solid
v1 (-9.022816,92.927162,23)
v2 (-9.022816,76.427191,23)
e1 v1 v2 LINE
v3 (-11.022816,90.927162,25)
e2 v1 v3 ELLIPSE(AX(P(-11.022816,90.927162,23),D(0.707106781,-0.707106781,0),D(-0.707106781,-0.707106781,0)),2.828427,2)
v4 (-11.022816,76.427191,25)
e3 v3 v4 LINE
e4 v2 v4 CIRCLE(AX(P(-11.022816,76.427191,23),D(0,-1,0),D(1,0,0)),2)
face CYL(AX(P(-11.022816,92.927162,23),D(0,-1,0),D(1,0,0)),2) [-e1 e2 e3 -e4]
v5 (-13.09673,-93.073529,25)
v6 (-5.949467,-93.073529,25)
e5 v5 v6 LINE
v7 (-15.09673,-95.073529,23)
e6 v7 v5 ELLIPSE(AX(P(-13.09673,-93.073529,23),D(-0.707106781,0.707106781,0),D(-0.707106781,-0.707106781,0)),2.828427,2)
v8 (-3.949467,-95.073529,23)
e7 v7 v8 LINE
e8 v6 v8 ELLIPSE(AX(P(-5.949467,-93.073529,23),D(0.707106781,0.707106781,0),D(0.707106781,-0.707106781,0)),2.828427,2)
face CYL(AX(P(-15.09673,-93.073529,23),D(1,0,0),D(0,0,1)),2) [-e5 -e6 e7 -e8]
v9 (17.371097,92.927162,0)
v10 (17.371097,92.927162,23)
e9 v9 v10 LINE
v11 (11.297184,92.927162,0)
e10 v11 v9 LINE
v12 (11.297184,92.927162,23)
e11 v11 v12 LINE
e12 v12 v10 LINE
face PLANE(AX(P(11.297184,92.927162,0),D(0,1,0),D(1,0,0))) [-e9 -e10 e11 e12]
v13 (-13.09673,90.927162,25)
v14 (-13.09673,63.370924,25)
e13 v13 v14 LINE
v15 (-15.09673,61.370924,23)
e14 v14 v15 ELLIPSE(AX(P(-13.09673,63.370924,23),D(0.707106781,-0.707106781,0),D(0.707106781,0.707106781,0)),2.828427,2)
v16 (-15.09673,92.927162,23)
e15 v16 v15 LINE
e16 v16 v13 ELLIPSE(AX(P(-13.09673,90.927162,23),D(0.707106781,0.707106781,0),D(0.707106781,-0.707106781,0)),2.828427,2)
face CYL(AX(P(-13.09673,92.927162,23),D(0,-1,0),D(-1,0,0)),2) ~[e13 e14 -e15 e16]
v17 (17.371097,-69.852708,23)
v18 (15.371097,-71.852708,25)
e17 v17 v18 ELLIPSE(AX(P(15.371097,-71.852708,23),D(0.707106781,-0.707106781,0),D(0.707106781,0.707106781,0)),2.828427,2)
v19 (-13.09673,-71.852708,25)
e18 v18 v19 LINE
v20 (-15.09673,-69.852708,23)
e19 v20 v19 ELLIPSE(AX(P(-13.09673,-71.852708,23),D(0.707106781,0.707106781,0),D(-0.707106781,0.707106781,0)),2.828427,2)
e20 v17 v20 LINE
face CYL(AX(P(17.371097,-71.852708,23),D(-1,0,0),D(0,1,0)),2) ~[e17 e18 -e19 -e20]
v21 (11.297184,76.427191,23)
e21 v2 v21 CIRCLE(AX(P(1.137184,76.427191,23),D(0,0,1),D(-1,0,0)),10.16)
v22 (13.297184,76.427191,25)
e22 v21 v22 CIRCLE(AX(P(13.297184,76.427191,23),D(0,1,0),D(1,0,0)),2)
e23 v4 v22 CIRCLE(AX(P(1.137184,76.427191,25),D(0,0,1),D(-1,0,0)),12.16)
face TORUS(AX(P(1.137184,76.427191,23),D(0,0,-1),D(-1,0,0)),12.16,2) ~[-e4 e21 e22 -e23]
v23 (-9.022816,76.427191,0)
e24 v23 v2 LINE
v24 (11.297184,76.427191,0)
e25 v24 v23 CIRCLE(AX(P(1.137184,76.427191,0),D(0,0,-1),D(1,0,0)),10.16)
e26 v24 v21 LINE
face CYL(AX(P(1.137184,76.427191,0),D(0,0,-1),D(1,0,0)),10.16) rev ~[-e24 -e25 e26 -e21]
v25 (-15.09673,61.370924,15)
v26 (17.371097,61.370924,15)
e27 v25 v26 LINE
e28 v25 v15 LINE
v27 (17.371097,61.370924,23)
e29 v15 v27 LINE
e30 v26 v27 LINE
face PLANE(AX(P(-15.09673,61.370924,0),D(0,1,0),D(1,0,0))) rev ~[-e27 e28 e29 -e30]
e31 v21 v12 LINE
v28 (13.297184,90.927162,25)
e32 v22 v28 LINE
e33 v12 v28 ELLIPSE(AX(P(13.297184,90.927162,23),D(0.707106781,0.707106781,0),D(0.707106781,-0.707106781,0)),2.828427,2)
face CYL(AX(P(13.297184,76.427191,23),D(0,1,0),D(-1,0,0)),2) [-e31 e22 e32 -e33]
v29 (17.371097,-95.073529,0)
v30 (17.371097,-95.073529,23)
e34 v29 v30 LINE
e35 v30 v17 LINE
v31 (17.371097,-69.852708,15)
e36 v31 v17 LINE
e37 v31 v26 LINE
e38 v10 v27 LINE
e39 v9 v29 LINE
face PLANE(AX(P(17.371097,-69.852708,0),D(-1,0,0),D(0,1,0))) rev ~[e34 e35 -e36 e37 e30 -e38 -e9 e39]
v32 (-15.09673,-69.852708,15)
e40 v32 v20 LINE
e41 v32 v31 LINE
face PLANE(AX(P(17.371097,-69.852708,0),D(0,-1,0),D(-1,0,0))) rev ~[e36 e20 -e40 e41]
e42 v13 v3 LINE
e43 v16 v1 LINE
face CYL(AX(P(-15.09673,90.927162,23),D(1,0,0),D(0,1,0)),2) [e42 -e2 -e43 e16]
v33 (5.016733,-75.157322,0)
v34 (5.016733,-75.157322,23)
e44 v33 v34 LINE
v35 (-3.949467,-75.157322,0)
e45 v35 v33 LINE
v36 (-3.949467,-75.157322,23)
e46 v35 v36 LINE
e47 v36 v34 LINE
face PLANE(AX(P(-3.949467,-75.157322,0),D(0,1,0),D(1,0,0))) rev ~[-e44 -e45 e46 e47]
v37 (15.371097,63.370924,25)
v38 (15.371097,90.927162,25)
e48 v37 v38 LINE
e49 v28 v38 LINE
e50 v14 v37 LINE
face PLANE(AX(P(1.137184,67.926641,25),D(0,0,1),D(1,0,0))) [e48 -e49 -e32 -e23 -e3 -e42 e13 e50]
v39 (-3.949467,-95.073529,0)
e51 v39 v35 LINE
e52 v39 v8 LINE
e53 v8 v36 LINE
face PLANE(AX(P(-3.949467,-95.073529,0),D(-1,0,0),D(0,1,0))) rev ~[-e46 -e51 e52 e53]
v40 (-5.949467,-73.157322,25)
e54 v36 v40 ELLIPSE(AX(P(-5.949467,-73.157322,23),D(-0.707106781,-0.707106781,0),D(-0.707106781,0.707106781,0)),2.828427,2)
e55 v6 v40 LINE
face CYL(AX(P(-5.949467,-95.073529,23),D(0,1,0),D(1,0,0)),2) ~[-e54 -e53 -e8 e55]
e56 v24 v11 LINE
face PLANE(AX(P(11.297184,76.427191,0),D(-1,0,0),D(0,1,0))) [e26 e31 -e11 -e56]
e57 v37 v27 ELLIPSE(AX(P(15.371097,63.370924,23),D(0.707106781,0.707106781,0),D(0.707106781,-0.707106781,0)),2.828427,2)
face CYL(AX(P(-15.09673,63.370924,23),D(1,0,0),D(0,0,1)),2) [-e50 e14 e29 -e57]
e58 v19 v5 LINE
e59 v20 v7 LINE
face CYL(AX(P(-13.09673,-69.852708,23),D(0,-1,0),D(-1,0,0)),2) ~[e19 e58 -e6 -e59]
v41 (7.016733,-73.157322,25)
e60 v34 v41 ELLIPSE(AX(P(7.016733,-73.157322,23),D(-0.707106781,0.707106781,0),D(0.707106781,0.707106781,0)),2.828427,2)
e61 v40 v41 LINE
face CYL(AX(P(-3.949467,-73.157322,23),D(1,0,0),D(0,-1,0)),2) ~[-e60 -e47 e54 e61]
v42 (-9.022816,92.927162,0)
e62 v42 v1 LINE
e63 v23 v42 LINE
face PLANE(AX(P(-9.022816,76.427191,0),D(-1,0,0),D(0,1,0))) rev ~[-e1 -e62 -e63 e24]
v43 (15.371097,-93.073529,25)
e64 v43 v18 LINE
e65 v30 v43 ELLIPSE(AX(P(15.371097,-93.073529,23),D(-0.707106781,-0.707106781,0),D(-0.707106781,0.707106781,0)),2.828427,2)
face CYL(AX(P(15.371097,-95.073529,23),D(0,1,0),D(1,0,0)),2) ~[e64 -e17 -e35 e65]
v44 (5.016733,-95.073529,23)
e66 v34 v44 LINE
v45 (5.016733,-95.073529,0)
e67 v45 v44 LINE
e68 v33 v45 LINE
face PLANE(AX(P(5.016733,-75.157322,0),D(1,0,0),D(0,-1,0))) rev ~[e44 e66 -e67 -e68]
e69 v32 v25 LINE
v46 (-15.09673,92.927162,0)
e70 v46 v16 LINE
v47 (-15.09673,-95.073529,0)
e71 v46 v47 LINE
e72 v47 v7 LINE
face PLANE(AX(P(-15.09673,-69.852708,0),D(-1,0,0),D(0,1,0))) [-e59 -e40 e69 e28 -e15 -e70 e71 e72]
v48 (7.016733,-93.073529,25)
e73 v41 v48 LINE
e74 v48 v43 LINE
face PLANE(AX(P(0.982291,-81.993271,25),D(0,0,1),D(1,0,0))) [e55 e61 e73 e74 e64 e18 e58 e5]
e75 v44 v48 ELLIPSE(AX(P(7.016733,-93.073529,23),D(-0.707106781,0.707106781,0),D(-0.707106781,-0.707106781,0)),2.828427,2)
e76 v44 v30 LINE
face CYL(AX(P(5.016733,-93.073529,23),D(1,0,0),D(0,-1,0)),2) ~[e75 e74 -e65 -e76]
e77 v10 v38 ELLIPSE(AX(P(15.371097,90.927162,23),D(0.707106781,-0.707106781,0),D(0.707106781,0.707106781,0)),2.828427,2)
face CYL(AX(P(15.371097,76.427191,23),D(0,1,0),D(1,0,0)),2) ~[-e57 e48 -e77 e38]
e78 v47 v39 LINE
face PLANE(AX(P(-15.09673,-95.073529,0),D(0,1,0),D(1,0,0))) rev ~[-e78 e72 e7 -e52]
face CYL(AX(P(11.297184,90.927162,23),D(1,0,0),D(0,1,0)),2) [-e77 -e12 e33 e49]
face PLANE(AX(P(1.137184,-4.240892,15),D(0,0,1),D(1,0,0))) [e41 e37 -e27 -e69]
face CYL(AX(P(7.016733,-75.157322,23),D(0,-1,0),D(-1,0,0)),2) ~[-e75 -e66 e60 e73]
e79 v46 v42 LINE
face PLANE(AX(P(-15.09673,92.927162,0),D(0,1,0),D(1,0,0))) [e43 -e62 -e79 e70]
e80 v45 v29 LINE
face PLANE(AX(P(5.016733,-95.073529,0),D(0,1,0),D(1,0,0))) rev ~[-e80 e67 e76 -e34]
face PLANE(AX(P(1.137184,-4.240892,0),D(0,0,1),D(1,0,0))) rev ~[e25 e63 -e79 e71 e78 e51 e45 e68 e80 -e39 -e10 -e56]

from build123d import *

# Parameters (mm, degrees)
F1_DEPTH = 25
F0_W     = 6.0739132134
F0_H     = 16.4999708235
F0_W_2   = 32.4678264267
F0_H_2   = 131.2236316204
F2_DEPTH = 15
F3_R     = 2


with BuildPart() as f1:
    # F0 (on Top) → F1 (new body)
    with BuildSketch(Plane.XY):
        Polygon((17.3710967268, -69.8527075052), (-15.0967296999, -69.8527075052), (-15.0967296999, -95.0735285878), (-3.9494665107, -95.0735285878), (-3.9494665107, -75.1573219895), (5.0167334893, -75.1573219895), (5.0167334893, -95.0735285878), (17.3710967268, -95.0735285878), align=None)
    extrude(amount=F1_DEPTH)



with BuildPart() as f1b:
    # F0 (on Top) → F1, piece 2 (new body)
    with BuildSketch(Plane.XY):
        with BuildLine():
            Line((-9.0228164865, 76.4271907806), (-15.0967296999, 76.4271907806))
            Line((-15.0967296999, 76.4271907806), (-15.0967296999, 61.3709241152))
            Line((-15.0967296999, 61.3709241152), (17.3710967268, 61.3709241152))
            Line((17.3710967268, 61.3709241152), (17.3710967268, 76.4271907806))
            Line((17.3710967268, 76.4271907806), (11.2971835135, 76.4271907806))
            ThreePointArc((11.2971835135, 76.4271907806), (1.1371835135, 66.2671907806), (-9.0228164865, 76.4271907806))
        make_face()
        with Locations((14.3341401202, 84.6771761924)):
            Rectangle(F0_W, F0_H)
        with Locations((-12.0597730932, 84.6771761924)):
            Rectangle(F0_W, F0_H)
    extrude(amount=F1_DEPTH)


with BuildPart() as f1_1:
    add(f1.part)

    add(f1b.part)  # F2 merges F1b
    # F0 (on Top) → F2 (join)
    with BuildSketch(Plane.XY):
        with Locations((1.1371835135, -4.240891695)):
            Rectangle(F0_W_2, F0_H_2)
    extrude(amount=F2_DEPTH)

    # F3
    f3_edges = [f1_1.edges().sort_by_distance(p)[0] for p in [
        (1.137184, 61.370924, 25),
        (17.371097, 77.149043, 25),
        (14.33414, 92.927162, 25),
        (11.297184, 84.677176, 25),
        (1.137184, 66.267191, 25),
        (-9.022816, 84.677176, 25),
        (-12.059773, 92.927162, 25),
        (-15.09673, 77.149043, 25),
        (17.371097, -82.463118, 25),
        (1.137184, -69.852708, 25),
        (-15.09673, -82.463118, 25),
        (-9.523098, -95.073529, 25),
        (-3.949467, -85.115425, 25),
        (0.533633, -75.157322, 25),
        (5.016733, -85.115425, 25),
        (11.193915, -95.073529, 25),
    ]]
    fillet(f3_edges, radius=F3_R)


solid = f1_1.part
